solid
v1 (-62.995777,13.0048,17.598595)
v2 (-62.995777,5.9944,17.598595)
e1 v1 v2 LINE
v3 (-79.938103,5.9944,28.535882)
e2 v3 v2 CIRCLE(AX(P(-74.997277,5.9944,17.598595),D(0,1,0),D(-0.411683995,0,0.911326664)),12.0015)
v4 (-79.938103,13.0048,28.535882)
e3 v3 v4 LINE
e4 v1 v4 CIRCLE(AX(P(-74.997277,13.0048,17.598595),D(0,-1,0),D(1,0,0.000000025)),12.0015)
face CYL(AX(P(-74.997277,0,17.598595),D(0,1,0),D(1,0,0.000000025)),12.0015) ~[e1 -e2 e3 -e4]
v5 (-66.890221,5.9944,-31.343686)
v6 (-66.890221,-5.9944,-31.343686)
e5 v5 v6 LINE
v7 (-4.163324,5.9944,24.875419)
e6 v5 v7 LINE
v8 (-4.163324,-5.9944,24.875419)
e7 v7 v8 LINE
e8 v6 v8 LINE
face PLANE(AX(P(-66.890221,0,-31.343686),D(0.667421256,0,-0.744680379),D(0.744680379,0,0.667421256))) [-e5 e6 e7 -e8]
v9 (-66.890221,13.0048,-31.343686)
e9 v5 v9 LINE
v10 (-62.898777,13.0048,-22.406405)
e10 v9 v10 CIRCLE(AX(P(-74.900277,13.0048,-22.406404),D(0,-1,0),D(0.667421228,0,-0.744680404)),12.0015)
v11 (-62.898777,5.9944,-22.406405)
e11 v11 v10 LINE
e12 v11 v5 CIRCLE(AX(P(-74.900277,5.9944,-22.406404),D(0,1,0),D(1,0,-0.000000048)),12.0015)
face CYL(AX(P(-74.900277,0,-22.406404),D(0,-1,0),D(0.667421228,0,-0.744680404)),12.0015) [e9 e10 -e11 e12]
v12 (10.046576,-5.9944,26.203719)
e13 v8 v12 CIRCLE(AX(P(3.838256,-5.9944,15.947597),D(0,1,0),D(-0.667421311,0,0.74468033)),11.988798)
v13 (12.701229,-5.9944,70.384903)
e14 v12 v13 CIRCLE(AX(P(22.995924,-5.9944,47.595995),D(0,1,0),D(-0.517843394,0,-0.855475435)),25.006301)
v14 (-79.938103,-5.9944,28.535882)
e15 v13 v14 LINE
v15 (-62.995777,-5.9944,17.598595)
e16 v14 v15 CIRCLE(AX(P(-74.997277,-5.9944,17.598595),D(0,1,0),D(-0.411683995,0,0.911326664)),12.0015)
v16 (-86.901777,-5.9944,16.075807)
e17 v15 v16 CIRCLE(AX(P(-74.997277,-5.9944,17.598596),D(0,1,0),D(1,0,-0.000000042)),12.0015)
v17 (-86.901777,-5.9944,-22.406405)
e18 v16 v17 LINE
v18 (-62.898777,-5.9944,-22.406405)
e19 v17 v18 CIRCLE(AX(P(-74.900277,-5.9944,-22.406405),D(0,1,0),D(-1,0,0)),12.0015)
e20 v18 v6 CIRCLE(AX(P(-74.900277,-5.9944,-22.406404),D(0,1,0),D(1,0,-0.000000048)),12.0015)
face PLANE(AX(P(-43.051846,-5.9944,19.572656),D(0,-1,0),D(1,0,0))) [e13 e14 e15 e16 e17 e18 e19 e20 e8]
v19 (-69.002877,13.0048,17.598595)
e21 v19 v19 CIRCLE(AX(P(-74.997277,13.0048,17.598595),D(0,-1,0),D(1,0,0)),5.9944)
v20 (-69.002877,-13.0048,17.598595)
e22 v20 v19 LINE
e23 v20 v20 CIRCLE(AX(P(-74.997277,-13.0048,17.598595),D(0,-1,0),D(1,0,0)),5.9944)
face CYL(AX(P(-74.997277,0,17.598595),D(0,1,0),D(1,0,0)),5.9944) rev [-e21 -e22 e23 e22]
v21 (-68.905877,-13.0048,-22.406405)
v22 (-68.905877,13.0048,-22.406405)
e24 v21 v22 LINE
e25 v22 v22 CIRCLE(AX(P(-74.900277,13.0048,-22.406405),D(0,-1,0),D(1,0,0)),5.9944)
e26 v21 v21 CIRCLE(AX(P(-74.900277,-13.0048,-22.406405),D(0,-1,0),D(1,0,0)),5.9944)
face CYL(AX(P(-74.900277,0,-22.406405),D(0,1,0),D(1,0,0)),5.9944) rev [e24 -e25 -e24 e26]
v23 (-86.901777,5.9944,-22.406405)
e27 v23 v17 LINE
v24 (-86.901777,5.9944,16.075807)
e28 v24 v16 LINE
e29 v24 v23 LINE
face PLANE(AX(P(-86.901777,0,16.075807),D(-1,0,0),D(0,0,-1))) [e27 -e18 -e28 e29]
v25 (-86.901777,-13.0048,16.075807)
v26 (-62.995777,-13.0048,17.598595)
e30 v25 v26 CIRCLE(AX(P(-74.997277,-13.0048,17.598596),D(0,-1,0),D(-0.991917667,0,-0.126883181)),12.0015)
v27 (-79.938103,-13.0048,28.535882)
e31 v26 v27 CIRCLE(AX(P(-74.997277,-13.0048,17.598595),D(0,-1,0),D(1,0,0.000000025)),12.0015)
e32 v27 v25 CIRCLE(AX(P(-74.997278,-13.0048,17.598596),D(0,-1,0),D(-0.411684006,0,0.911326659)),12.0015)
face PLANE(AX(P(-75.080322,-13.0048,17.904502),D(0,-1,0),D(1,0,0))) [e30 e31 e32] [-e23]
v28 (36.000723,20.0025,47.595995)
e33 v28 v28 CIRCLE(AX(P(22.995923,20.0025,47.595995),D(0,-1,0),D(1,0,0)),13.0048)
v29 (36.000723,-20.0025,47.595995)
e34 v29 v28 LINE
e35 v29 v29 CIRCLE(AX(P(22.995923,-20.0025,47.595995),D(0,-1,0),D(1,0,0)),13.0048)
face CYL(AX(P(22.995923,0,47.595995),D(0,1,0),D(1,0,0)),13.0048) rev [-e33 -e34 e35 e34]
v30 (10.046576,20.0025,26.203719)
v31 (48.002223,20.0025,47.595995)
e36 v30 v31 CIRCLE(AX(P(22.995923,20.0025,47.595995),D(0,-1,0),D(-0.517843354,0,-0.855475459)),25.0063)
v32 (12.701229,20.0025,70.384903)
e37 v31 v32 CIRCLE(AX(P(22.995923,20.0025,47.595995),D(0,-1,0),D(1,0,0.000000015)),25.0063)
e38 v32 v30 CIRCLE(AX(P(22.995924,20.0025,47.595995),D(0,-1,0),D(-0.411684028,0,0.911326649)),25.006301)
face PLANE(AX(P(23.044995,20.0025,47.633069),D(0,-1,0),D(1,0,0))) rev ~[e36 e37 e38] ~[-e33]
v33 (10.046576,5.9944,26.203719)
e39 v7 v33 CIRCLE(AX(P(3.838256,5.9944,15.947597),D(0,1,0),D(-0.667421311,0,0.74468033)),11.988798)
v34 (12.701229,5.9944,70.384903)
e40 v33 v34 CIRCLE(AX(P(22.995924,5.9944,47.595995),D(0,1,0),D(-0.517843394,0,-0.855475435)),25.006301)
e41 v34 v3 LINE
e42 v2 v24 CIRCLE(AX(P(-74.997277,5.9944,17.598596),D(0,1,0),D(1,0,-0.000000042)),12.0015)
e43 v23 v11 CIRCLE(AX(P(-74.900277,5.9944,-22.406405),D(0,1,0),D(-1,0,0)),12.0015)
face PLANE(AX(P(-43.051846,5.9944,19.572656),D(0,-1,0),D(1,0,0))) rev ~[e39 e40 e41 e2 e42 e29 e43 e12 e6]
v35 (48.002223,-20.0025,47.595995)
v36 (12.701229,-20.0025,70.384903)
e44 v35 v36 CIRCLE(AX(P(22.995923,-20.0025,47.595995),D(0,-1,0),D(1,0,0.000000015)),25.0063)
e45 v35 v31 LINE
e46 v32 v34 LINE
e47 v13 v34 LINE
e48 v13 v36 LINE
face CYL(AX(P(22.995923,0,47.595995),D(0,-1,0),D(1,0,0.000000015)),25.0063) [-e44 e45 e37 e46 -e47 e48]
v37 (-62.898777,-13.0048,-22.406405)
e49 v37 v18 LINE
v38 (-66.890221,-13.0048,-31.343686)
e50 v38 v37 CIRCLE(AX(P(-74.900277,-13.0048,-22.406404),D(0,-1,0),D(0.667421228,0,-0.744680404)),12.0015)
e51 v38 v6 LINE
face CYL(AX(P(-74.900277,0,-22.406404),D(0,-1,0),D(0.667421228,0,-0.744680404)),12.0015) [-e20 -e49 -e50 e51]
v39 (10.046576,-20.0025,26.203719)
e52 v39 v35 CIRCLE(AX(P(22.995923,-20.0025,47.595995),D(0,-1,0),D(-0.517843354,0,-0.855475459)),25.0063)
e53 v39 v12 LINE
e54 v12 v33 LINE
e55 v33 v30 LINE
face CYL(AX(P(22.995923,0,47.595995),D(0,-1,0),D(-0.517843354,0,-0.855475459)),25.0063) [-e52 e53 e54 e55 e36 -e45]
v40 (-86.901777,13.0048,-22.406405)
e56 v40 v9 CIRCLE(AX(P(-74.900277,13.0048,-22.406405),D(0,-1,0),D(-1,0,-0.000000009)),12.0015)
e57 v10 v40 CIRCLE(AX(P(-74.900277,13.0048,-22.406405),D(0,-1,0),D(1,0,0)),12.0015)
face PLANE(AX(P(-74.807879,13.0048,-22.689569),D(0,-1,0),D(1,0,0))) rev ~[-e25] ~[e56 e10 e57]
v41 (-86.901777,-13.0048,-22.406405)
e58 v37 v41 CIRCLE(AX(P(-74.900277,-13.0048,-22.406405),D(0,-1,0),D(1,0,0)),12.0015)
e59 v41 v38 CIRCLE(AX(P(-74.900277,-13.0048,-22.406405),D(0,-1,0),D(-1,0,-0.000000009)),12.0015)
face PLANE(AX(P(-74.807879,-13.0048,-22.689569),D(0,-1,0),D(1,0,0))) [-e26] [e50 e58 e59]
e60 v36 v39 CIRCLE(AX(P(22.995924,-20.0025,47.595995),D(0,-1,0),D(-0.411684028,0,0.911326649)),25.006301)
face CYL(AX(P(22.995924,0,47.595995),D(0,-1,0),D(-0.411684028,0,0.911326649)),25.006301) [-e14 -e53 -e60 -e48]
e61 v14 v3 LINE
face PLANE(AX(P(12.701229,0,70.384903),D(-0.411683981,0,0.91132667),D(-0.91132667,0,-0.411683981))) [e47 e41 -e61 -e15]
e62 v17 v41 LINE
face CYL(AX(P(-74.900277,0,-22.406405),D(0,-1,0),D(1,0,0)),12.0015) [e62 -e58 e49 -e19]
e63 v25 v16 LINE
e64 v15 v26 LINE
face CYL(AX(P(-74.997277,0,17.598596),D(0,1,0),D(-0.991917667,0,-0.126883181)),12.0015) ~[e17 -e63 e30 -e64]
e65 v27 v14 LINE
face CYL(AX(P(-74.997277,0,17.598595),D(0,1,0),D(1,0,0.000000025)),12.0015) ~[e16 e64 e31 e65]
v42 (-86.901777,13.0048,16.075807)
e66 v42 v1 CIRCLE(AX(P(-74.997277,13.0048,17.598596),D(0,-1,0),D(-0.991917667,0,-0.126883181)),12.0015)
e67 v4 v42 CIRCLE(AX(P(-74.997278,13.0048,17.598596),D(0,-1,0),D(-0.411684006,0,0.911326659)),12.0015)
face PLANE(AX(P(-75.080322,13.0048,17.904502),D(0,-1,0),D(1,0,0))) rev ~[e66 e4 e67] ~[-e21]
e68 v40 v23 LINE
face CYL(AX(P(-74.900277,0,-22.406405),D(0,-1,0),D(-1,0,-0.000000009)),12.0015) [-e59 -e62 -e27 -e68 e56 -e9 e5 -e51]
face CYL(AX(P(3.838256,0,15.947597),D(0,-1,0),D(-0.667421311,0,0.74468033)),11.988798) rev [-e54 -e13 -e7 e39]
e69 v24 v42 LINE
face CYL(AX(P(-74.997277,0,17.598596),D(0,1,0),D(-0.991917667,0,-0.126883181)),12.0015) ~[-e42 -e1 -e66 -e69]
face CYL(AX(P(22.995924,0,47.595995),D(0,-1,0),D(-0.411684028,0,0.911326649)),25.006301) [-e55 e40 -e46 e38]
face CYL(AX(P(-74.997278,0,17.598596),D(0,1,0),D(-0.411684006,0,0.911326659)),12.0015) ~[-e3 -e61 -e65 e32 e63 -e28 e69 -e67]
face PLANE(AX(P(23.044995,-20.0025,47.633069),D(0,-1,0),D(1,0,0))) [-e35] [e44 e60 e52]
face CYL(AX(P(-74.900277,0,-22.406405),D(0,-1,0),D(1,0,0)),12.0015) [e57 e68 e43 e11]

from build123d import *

# Parameters (mm, degrees)
F1_DEPTH = 5.9944
F0_R     = 13.0048
F2_DEPTH = 20.0025
F0_R_2   = 5.9944
F3_DEPTH = 13.0048


with BuildPart() as f1:
    # F0 (on Front) → F1 (new body, symmetric)
    with BuildSketch(Plane.XZ):
        with BuildLine():
            ThreePointArc((-79.938103, 28.535882), (-68.488104, 27.681584), (-62.995777, 17.598595))
            ThreePointArc((-62.995777, 17.598595), (-74.23434, 5.62137), (-86.901777, 16.075807))
            Line((-86.901777, 16.075807), (-86.901777, -22.406405))
            ThreePointArc((-86.901777, -22.406405), (-74.900277, -10.404905), (-62.898777, -22.406405))
            ThreePointArc((-62.898777, -22.406405), (-63.941977, -27.300448), (-66.890221, -31.343686))
            Line((-66.890221, -31.343686), (-4.163324, 24.875419))
            ThreePointArc((-4.163324, 24.875419), (2.722442, 27.884357), (10.046576, 26.203719))
            ThreePointArc((10.046576, 26.203719), (-1.965359, 49.095809), (12.701229, 70.384903))
            Line((12.701229, 70.384903), (-79.938103, 28.535882))
        make_face()
    extrude(amount=F1_DEPTH, both=True)

    # F0 (on Front) → F2 (join, symmetric)
    with BuildSketch(Plane.XZ):
        with BuildLine():
            ThreePointArc((48.002223, 47.595995), (36.558423, 68.604889), (12.701229, 70.384903))
            ThreePointArc((12.701229, 70.384903), (-1.965359, 49.095809), (10.046576, 26.203719))
            ThreePointArc((10.046576, 26.203719), (35.273948, 25.811479), (48.002223, 47.595995))
        make_face()
        with Locations((22.995923, 47.595995)):
            Circle(F0_R, mode=Mode.SUBTRACT)
    extrude(amount=F2_DEPTH, both=True)

    # F0 (on Front) → F3 (join, symmetric)
    with BuildSketch(Plane.XZ):
        with BuildLine():
            ThreePointArc((-86.901777, 16.075807), (-74.23434, 5.62137), (-62.995777, 17.598595))
            ThreePointArc((-62.995777, 17.598595), (-68.488104, 27.681584), (-79.938103, 28.535882))
            ThreePointArc((-79.938103, 28.535882), (-85.473661, 23.453626), (-86.901777, 16.075807))
        make_face()
        with Locations((-74.997277, 17.598595)):
            Circle(F0_R_2, mode=Mode.SUBTRACT)
        with BuildLine():
            ThreePointArc((-62.898777, -22.406405), (-74.900277, -10.404905), (-86.901777, -22.406405))
            ThreePointArc((-86.901777, -22.406405), (-79.79432, -33.364705), (-66.890221, -31.343686))
            ThreePointArc((-66.890221, -31.343686), (-63.941977, -27.300448), (-62.898777, -22.406405))
        make_face()
        with Locations((-74.900277, -22.406405)):
            Circle(F0_R_2, mode=Mode.SUBTRACT)
    extrude(amount=F3_DEPTH, both=True)


solid = f1.part
